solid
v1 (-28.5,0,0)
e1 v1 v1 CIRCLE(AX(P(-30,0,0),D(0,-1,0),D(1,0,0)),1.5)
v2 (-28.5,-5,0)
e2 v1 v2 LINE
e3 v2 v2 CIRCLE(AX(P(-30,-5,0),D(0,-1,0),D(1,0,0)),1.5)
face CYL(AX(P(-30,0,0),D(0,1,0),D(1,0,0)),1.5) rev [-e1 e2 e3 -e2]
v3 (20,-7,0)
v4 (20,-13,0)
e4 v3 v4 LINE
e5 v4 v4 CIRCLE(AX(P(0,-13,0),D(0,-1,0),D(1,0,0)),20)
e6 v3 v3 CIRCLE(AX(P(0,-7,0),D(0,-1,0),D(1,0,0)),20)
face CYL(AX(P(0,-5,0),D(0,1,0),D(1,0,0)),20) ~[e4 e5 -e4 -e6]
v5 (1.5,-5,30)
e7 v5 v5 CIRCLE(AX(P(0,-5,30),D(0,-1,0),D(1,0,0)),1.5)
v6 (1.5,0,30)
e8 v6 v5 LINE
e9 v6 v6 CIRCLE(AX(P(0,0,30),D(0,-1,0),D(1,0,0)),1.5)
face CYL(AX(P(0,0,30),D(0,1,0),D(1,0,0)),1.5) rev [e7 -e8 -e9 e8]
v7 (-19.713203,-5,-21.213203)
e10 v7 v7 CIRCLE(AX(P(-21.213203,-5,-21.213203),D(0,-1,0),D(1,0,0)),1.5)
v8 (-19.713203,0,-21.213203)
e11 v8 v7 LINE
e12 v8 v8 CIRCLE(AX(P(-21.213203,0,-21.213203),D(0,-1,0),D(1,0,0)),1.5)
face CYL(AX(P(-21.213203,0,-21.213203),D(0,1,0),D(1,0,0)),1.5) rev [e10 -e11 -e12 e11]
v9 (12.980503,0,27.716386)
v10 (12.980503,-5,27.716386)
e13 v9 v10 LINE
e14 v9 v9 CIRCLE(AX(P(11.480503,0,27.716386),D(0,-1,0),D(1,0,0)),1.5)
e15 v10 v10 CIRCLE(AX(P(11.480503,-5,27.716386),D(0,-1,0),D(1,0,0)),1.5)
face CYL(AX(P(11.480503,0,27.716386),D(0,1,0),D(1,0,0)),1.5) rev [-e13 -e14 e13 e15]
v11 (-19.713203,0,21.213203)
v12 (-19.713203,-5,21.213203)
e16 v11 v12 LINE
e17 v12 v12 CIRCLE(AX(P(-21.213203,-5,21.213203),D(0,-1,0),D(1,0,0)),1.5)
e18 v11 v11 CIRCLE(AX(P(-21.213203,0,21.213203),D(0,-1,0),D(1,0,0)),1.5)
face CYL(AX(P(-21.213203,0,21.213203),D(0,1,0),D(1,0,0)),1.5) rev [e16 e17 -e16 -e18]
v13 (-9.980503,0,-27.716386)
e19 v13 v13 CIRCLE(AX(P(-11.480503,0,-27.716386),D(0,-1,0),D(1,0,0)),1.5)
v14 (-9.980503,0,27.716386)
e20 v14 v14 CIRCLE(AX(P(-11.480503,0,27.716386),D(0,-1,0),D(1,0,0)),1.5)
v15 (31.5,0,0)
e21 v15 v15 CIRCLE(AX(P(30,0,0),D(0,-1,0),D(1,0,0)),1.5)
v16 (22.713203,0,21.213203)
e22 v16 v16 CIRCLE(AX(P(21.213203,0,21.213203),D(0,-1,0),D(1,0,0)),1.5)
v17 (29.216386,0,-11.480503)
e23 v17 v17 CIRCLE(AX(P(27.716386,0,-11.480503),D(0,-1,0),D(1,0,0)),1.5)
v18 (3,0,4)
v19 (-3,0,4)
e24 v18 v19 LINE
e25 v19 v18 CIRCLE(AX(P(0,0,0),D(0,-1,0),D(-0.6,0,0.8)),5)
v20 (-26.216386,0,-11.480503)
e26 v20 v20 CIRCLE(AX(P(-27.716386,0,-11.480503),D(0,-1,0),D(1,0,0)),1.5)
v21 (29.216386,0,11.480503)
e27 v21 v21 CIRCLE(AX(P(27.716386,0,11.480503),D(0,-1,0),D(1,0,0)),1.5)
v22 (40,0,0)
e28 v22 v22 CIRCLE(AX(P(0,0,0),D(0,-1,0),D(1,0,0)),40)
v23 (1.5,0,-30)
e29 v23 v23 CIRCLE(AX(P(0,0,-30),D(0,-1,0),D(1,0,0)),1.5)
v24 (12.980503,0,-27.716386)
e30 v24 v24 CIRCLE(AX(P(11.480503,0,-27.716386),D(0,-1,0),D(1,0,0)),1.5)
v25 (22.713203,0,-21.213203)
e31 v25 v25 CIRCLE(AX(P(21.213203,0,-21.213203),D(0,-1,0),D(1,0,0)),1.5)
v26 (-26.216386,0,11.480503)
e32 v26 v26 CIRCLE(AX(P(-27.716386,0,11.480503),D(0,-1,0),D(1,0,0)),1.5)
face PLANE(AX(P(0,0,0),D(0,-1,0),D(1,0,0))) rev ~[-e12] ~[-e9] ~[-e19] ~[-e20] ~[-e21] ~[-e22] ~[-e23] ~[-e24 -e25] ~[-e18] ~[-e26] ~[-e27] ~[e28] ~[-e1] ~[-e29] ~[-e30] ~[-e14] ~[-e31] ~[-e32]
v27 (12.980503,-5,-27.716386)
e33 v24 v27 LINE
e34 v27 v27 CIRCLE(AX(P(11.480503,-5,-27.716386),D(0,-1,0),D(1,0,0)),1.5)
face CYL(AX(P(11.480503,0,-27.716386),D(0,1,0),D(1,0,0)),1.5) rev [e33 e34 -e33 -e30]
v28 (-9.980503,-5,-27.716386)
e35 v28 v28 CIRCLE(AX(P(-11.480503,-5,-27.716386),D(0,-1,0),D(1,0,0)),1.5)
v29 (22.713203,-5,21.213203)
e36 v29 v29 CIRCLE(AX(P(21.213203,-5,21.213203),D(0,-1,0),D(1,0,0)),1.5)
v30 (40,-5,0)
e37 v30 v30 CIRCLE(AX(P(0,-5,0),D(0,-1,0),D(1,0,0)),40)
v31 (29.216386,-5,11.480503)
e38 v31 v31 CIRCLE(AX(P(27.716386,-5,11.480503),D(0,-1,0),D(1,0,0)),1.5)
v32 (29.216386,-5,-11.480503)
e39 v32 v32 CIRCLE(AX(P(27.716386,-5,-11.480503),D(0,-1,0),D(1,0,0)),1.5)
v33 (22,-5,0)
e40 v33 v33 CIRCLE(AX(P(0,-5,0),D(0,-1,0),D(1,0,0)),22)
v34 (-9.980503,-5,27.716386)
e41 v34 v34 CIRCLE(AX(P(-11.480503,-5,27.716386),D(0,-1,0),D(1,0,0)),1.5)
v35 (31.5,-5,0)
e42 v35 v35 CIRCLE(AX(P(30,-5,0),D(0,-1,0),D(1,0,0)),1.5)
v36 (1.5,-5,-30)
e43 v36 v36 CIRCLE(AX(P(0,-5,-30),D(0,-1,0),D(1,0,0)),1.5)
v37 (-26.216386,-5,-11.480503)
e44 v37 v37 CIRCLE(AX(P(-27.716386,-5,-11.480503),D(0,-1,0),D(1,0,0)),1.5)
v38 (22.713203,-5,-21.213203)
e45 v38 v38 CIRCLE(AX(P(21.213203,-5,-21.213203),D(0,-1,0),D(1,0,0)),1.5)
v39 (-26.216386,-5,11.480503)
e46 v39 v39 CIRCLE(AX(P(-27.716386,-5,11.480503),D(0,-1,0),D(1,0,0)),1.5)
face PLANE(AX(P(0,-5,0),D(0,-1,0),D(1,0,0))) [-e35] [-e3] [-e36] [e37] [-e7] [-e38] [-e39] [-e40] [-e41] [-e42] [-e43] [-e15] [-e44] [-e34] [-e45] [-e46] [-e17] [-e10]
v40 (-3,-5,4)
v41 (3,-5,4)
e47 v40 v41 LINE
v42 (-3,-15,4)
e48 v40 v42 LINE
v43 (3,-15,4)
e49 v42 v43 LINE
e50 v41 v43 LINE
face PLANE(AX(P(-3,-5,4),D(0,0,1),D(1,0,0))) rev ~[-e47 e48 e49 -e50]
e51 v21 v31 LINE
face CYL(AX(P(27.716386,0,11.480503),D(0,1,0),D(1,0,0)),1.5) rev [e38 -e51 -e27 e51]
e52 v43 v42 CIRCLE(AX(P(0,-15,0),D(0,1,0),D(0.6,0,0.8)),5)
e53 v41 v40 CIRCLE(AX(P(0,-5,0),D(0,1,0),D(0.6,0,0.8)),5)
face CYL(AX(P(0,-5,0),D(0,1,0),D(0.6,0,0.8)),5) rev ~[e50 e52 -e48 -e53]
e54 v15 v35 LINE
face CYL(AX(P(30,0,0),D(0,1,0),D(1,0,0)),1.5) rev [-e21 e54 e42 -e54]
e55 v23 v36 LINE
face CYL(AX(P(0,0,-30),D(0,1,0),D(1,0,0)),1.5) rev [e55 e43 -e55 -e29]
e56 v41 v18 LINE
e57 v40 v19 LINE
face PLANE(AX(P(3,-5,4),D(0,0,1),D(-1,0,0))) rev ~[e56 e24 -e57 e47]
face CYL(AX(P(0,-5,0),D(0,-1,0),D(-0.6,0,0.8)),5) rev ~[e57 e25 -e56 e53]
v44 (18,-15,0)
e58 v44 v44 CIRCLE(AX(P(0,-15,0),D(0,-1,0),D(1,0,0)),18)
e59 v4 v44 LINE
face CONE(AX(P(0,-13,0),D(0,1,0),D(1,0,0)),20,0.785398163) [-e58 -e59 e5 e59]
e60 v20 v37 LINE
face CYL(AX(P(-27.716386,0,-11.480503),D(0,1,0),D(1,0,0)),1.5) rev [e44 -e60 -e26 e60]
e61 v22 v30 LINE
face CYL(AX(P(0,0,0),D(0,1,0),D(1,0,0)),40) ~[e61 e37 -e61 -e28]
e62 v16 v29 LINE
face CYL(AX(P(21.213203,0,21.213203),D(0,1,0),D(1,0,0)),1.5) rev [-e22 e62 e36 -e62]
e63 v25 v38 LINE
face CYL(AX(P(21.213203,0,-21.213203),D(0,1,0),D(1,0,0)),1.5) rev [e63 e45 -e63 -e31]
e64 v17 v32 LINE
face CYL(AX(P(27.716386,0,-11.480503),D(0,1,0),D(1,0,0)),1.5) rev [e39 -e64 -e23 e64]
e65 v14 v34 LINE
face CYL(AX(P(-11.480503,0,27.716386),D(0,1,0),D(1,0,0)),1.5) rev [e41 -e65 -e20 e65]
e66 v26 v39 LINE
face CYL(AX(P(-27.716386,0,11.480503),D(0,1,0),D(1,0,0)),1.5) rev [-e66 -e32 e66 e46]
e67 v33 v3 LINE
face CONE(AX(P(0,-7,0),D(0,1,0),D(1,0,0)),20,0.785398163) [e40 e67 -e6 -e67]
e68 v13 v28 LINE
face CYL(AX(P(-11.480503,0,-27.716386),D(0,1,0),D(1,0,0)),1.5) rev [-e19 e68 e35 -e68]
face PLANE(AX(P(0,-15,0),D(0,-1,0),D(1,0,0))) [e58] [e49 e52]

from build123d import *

# Parameters (mm, degrees)
F0_R     = 40
F0_R_2   = 1.5
F1_DEPTH = 5
F2_R     = 20
F3_DEPTH = 10
F4_DEPTH = 5.001
F5_SIZE  = 2


with BuildPart() as f1:
    # F0 (on Front) → F1 (new body)
    with BuildSketch(Plane.XZ):
        Circle(F0_R)
        with Locations((-21.213203, -21.213203)):
            Circle(F0_R_2, mode=Mode.SUBTRACT)
        with Locations((-11.480503, -27.716386)):
            Circle(F0_R_2, mode=Mode.SUBTRACT)
        with Locations((-27.716386, -11.480503)):
            Circle(F0_R_2, mode=Mode.SUBTRACT)
        with Locations((0, -30)):
            Circle(F0_R_2, mode=Mode.SUBTRACT)
        with Locations((11.480503, -27.716386)):
            Circle(F0_R_2, mode=Mode.SUBTRACT)
        with Locations((21.213203, -21.213203)):
            Circle(F0_R_2, mode=Mode.SUBTRACT)
        with Locations((27.716386, -11.480503)):
            Circle(F0_R_2, mode=Mode.SUBTRACT)
        with Locations((-30, 0)):
            Circle(F0_R_2, mode=Mode.SUBTRACT)
        with Locations((-27.716386, 11.480503)):
            Circle(F0_R_2, mode=Mode.SUBTRACT)
        with Locations((-21.213203, 21.213203)):
            Circle(F0_R_2, mode=Mode.SUBTRACT)
        with Locations((-11.480503, 27.716386)):
            Circle(F0_R_2, mode=Mode.SUBTRACT)
        with Locations((30, 0)):
            Circle(F0_R_2, mode=Mode.SUBTRACT)
        with Locations((27.716386, 11.480503)):
            Circle(F0_R_2, mode=Mode.SUBTRACT)
        with Locations((11.480503, 27.716386)):
            Circle(F0_R_2, mode=Mode.SUBTRACT)
        with Locations((0, 30)):
            Circle(F0_R_2, mode=Mode.SUBTRACT)
        with Locations((21.213203, 21.213203)):
            Circle(F0_R_2, mode=Mode.SUBTRACT)
    extrude(amount=F1_DEPTH)

    # F2 (on face) → F3 (join)
    with BuildSketch(Plane.XZ.offset(5)):
        Circle(F2_R)
        with BuildLine():
            ThreePointArc((3, 4), (0, -5), (-3, 4))
            Line((-3, 4), (3, 4))
        make_face(mode=Mode.SUBTRACT)
    extrude(amount=F3_DEPTH)

    # F3_face (on face) → F4 (cut, through all)
    with BuildSketch(Plane(origin=(0, -5, -0.241766), x_dir=(1, 0, 0), z_dir=(0, -1, 0))):
        with BuildLine():
            ThreePointArc((-3, 4.241766), (0, -4.758234), (3, 4.241766))
            Line((3, 4.241766), (-3, 4.241766))
        make_face()
    extrude(amount=-F4_DEPTH, mode=Mode.SUBTRACT)

    # F5
    f5_edges = [f1.edges().sort_by_distance(p)[0] for p in [
        (-20, -15, 0),
        (-20, -5, 0),
    ]]
    chamfer(f5_edges, length=F5_SIZE)


solid = f1.part
